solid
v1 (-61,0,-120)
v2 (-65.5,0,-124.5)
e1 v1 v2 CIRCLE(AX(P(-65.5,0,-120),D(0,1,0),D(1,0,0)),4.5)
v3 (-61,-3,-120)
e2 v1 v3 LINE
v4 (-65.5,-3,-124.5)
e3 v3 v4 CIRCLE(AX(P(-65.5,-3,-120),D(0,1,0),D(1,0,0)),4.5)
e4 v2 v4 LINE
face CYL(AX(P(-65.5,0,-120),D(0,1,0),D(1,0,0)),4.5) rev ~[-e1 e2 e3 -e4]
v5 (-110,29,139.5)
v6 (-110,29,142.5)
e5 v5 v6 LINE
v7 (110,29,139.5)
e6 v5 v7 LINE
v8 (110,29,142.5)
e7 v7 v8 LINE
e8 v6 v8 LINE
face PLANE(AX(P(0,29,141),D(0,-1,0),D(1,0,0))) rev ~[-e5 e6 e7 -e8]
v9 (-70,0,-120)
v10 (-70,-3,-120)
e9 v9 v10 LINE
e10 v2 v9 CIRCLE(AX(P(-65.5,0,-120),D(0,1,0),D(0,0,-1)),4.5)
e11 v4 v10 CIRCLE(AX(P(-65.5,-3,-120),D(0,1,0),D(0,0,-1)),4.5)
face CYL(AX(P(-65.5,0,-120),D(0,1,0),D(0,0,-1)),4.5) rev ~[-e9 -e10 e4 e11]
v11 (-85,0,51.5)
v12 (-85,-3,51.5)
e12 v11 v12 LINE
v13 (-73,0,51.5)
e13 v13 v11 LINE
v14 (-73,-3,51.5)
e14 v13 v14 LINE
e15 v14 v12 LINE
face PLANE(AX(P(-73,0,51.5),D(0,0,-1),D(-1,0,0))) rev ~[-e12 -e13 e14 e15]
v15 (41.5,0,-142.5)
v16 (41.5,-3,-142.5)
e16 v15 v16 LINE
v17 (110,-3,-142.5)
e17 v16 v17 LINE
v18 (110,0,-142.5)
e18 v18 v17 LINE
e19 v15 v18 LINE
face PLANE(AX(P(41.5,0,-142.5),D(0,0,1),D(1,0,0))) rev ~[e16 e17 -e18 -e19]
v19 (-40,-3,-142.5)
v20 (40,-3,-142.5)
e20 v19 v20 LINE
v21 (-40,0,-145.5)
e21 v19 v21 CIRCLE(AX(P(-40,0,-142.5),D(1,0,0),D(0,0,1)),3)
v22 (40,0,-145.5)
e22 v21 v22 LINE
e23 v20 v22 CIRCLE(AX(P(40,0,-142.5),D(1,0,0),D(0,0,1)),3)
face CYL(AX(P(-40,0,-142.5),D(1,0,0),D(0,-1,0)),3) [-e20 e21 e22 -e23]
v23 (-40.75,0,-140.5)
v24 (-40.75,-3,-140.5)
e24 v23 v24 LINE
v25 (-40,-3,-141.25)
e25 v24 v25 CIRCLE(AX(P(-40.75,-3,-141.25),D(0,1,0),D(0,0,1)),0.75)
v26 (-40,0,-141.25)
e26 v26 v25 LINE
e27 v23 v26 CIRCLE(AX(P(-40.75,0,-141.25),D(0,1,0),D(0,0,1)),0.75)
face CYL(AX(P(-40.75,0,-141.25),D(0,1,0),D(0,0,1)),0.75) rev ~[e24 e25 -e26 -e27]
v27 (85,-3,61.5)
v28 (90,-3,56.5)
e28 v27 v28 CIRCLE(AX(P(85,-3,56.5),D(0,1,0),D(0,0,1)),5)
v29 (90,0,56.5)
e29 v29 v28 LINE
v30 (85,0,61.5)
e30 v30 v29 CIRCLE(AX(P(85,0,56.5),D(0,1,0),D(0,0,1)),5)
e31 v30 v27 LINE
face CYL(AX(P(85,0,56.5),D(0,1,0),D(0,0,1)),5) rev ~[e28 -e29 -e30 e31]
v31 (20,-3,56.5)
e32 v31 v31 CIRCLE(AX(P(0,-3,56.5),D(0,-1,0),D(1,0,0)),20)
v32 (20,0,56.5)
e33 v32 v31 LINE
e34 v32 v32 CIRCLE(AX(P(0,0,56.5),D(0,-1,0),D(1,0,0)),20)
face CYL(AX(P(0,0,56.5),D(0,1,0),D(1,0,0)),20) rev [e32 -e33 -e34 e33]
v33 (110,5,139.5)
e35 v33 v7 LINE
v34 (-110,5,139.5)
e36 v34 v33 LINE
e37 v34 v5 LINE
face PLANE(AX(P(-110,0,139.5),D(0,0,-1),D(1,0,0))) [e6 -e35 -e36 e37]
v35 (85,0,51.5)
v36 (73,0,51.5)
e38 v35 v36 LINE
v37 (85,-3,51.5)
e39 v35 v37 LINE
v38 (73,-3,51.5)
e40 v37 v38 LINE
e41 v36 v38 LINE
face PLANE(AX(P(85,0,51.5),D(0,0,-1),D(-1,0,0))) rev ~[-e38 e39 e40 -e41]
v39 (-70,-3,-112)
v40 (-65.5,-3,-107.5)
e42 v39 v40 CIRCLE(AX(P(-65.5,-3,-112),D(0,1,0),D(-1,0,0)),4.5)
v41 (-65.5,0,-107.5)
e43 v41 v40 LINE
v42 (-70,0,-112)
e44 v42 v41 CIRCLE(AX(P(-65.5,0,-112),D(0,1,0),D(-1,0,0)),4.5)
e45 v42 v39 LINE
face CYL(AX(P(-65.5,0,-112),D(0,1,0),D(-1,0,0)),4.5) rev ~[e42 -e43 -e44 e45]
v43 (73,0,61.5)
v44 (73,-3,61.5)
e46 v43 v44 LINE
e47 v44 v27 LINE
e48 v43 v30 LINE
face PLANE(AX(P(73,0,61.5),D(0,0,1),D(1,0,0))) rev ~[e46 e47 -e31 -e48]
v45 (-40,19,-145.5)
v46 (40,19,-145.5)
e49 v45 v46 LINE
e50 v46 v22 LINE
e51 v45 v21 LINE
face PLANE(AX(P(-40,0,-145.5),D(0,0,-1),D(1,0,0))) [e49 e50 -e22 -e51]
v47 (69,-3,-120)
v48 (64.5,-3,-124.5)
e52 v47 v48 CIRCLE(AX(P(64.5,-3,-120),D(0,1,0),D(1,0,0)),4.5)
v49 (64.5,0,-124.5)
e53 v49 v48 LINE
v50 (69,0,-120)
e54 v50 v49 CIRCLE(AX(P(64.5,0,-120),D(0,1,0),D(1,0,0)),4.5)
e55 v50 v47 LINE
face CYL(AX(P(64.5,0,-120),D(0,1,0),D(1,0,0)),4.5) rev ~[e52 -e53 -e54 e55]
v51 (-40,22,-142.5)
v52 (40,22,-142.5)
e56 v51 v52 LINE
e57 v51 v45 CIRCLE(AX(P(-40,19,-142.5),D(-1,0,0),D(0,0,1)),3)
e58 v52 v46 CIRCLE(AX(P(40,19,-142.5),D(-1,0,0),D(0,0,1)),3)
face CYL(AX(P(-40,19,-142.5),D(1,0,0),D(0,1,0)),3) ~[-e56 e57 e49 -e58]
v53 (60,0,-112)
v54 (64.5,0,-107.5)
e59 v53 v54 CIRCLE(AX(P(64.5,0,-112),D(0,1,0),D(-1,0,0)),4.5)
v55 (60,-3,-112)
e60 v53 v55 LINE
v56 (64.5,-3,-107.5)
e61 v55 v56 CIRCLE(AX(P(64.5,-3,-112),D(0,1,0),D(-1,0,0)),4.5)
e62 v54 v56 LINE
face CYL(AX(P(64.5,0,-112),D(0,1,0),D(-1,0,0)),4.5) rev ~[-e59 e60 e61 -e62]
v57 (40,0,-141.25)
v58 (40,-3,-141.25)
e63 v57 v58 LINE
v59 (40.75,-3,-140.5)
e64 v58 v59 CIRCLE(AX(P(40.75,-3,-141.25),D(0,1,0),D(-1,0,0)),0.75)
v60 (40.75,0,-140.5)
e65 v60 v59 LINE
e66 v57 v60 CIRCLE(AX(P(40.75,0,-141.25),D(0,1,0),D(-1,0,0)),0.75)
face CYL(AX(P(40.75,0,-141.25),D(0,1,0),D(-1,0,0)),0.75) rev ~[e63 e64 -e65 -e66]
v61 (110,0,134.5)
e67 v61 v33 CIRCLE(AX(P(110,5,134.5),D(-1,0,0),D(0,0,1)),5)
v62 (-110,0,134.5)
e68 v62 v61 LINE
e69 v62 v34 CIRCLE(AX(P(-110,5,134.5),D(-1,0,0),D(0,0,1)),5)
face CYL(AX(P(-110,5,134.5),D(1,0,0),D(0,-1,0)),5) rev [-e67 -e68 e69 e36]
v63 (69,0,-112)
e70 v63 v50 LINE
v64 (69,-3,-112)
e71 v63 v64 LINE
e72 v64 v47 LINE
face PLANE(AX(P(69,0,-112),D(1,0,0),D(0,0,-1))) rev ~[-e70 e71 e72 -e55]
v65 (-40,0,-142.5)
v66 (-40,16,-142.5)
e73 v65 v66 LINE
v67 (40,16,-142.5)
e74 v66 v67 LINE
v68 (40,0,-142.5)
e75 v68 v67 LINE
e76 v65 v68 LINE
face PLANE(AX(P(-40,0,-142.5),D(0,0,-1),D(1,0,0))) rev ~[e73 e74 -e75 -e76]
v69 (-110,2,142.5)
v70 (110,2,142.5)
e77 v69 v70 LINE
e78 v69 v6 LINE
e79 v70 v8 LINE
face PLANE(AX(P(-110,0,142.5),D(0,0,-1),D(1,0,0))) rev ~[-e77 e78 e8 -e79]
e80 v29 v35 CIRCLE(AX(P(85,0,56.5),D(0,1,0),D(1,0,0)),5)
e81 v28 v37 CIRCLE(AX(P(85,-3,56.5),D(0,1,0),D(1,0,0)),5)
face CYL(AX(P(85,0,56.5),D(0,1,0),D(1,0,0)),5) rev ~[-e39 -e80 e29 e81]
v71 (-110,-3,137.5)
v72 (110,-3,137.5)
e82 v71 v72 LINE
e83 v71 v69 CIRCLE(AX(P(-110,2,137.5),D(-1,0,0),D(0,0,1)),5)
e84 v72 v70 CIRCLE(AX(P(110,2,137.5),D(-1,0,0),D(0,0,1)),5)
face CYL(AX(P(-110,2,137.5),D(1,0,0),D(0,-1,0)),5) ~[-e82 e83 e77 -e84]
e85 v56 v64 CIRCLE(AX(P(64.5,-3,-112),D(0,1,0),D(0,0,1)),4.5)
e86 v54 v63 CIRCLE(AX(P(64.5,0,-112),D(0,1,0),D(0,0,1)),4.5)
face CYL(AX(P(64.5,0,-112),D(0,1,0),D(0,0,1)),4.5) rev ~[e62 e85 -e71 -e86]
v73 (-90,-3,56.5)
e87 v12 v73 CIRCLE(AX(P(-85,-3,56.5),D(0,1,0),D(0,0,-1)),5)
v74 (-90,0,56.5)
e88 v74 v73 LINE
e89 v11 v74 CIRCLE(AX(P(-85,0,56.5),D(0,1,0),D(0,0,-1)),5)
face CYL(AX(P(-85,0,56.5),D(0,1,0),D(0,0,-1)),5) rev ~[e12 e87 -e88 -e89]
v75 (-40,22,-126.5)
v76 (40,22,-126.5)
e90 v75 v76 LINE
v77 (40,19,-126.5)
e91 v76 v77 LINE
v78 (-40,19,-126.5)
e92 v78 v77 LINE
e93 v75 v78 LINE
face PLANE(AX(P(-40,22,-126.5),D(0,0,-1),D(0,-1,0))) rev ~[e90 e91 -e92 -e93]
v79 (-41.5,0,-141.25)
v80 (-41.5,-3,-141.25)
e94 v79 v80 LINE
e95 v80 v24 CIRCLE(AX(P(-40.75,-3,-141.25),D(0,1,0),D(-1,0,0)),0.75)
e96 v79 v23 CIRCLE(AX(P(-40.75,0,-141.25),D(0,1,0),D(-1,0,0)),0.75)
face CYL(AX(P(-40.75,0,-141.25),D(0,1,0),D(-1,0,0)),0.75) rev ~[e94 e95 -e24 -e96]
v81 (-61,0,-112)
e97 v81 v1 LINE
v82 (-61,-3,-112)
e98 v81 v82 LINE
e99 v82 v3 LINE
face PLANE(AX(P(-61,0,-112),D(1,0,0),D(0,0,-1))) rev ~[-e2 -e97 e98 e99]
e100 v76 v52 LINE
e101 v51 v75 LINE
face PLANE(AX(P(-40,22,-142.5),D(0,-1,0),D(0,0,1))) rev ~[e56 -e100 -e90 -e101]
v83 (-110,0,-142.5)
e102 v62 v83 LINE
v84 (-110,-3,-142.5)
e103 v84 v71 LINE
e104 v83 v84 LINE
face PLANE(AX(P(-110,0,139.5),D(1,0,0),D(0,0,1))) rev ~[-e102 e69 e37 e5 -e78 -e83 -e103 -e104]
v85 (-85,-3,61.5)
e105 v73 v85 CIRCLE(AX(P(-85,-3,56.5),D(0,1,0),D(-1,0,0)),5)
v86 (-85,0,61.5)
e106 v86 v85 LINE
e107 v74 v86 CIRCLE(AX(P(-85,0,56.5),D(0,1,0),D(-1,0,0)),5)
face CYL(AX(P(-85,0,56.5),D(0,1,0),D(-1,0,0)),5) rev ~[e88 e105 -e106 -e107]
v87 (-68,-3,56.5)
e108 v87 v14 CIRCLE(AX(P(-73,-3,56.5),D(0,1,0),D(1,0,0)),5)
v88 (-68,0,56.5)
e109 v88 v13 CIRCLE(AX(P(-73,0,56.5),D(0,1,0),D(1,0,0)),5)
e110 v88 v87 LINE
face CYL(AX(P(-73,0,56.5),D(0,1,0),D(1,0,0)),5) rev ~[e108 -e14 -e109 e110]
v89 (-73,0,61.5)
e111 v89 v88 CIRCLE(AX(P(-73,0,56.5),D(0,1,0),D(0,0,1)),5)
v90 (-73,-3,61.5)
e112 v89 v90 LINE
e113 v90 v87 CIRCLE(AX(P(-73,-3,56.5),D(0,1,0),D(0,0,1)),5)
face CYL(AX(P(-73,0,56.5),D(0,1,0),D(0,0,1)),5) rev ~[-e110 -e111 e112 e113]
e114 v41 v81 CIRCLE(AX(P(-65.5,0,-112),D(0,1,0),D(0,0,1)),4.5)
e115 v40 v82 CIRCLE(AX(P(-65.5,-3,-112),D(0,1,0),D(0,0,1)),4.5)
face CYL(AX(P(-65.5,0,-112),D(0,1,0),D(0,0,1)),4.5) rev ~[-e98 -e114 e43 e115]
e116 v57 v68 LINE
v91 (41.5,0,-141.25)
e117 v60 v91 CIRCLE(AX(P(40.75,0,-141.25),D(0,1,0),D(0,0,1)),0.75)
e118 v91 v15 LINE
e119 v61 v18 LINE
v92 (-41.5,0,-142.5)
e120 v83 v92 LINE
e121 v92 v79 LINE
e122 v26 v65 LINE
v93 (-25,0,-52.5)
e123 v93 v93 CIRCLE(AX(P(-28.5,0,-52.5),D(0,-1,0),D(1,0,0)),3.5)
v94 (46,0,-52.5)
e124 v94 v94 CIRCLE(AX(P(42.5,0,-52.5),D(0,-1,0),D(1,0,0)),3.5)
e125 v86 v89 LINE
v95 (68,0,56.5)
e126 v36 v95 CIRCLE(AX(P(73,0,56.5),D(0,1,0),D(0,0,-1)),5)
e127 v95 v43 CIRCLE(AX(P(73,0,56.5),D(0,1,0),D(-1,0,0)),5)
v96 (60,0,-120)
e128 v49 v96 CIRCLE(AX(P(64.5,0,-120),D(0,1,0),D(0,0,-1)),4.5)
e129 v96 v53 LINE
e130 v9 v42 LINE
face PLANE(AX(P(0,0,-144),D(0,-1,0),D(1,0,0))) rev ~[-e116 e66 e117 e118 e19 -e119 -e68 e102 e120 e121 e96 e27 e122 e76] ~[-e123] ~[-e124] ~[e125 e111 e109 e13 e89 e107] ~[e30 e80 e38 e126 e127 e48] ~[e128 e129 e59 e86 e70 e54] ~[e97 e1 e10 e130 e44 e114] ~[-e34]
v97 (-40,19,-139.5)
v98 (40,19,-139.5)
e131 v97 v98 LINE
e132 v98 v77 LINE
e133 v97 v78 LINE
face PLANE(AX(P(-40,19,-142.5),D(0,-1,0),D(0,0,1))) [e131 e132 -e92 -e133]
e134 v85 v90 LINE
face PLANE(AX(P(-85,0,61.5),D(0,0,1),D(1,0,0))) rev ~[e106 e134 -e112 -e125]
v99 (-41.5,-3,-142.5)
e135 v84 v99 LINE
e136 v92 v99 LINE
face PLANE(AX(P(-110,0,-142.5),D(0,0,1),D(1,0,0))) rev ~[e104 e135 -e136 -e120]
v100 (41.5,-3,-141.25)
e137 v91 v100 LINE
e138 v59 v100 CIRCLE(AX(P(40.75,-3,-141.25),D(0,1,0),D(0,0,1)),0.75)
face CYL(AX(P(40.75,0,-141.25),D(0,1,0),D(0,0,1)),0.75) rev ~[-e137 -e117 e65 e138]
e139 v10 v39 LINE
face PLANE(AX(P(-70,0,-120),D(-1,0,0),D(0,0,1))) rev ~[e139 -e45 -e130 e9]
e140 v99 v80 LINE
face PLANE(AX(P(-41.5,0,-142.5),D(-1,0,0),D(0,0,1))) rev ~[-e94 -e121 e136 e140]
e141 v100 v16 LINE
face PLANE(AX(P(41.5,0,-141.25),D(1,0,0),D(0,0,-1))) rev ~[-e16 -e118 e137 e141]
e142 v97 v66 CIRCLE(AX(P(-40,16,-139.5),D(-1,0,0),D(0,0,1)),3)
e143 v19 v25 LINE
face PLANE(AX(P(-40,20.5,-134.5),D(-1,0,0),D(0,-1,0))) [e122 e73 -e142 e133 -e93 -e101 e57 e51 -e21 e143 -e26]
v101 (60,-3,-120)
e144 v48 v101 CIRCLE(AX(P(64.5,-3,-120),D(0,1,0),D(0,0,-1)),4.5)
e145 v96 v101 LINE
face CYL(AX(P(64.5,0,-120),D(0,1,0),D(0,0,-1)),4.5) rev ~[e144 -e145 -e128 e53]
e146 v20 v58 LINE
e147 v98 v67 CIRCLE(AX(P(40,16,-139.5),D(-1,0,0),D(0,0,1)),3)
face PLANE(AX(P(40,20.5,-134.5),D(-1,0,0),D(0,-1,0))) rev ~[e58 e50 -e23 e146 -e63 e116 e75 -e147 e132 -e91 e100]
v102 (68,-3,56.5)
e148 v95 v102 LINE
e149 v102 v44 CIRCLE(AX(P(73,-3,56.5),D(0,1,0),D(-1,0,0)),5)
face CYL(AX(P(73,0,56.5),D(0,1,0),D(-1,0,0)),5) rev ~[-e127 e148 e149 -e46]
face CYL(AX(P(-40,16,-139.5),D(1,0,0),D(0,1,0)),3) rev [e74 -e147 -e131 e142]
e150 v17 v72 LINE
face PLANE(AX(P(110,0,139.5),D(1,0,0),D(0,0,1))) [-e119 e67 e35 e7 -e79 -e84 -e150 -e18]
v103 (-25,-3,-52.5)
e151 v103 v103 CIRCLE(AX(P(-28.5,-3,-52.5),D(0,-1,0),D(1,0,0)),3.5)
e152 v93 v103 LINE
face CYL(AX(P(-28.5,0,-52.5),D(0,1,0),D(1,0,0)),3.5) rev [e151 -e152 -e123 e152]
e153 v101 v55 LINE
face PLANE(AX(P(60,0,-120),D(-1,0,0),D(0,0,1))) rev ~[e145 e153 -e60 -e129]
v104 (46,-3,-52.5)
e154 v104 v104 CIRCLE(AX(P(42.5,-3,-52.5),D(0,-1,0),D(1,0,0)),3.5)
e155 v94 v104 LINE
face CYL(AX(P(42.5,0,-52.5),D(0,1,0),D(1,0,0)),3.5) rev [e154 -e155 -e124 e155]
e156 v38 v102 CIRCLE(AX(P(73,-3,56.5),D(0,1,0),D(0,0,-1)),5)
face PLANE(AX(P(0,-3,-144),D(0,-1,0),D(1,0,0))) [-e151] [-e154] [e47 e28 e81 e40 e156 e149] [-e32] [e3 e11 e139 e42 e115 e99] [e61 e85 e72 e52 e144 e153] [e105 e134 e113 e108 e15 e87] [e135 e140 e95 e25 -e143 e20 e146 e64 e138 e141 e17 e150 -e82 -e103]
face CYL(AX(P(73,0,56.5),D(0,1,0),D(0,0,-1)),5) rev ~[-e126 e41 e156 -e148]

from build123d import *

# Parameters (mm, degrees)
F0_R          = 3.5
F0_R_2        = 20
F1_DEPTH      = 3
F0_W          = 220
F0_H          = 3
F2_DEPTH      = 3
F2_DEPTH_BACK = 29
F3_R          = 5
F0_W_2        = 80
F4_DEPTH      = 3
F4_DEPTH_BACK = 22
F5_R          = 3
F6_W          = 3
F6_H          = 16
F7_DEPTH      = 80
F8_R          = 3


with BuildPart() as f1:
    # F0 (on Front) → F1 (new body)
    with BuildSketch(Plane.XZ):
        with BuildLine():
            Line((41.5, -142.5), (110, -142.5))
            Line((110, -142.5), (110, 139.5))
            Line((110, 139.5), (-110, 139.5))
            Line((-110, 139.5), (-110, -142.5))
            Line((-110, -142.5), (-41.5, -142.5))
            Line((-41.5, -142.5), (-41.5, -141.25))
            ThreePointArc((-41.5, -141.25), (-41.2803300859, -140.7196699141), (-40.75, -140.5))
            ThreePointArc((-40.75, -140.5), (-40.2196699141, -140.7196699141), (-40, -141.25))
            Line((-40, -141.25), (-40, -142.5))
            Line((-40, -142.5), (40, -142.5))
            Line((40, -142.5), (40, -141.25))
            ThreePointArc((40, -141.25), (40.2196699141, -140.7196699141), (40.75, -140.5))
            ThreePointArc((40.75, -140.5), (41.2803300859, -140.7196699141), (41.5, -141.25))
            Line((41.5, -141.25), (41.5, -142.5))
        make_face()
        with BuildLine():
            ThreePointArc((-65.5, -124.5), (-68.6819805153, -123.1819805153), (-70, -120))
            Line((-70, -120), (-70, -112))
            ThreePointArc((-70, -112), (-68.6819805153, -108.8180194847), (-65.5, -107.5))
            ThreePointArc((-65.5, -107.5), (-62.3180194847, -108.8180194847), (-61, -112))
            Line((-61, -112), (-61, -120))
            ThreePointArc((-61, -120), (-62.3180194847, -123.1819805153), (-65.5, -124.5))
        make_face(mode=Mode.SUBTRACT)
        with Locations((-28.5, -52.5)):
            Circle(F0_R, mode=Mode.SUBTRACT)
        with BuildLine():
            ThreePointArc((64.5, -107.5), (67.6819805153, -108.8180194847), (69, -112))
            Line((69, -112), (69, -120))
            ThreePointArc((69, -120), (67.6819805153, -123.1819805153), (64.5, -124.5))
            ThreePointArc((64.5, -124.5), (61.3180194847, -123.1819805153), (60, -120))
            Line((60, -120), (60, -112))
            ThreePointArc((60, -112), (61.3180194847, -108.8180194847), (64.5, -107.5))
        make_face(mode=Mode.SUBTRACT)
        with Locations((42.5, -52.5)):
            Circle(F0_R, mode=Mode.SUBTRACT)
        with BuildLine():
            ThreePointArc((-90, 56.5), (-88.5355339059, 60.0355339059), (-85, 61.5))
            Line((-85, 61.5), (-73, 61.5))
            ThreePointArc((-73, 61.5), (-69.4644660941, 60.0355339059), (-68, 56.5))
            ThreePointArc((-68, 56.5), (-69.4644660941, 52.9644660941), (-73, 51.5))
            Line((-73, 51.5), (-85, 51.5))
            ThreePointArc((-85, 51.5), (-88.5355339059, 52.9644660941), (-90, 56.5))
        make_face(mode=Mode.SUBTRACT)
        with Locations((0, 56.5)):
            Circle(F0_R_2, mode=Mode.SUBTRACT)
        with BuildLine():
            Line((73, 61.5), (85, 61.5))
            ThreePointArc((85, 61.5), (88.5355339059, 60.0355339059), (90, 56.5))
            ThreePointArc((90, 56.5), (88.5355339059, 52.9644660941), (85, 51.5))
            Line((85, 51.5), (73, 51.5))
            ThreePointArc((73, 51.5), (69.4644660941, 52.9644660941), (68, 56.5))
            ThreePointArc((68, 56.5), (69.4644660941, 60.0355339059), (73, 61.5))
        make_face(mode=Mode.SUBTRACT)
    extrude(amount=F1_DEPTH)

    # F0 (on Front) → F2 (join, two sides)
    with BuildSketch(Plane.XZ) as f2_sk:
        with Locations((0, 141)):
            Rectangle(F0_W, F0_H)
    extrude(amount=F2_DEPTH)
    extrude(f2_sk.sketch, amount=-F2_DEPTH_BACK)

    # F3
    f3_edges = [f1.edges().sort_by_distance(p)[0] for p in [
        (0, -3, 142.5),
        (0, 0, 139.5),
    ]]
    fillet(f3_edges, radius=F3_R)

    # F0 (on Front) → F4 (join, two sides)
    with BuildSketch(Plane.XZ) as f4_sk:
        with Locations((0, -144)):
            Rectangle(F0_W_2, F0_H)
    extrude(amount=F4_DEPTH)
    extrude(f4_sk.sketch, amount=-F4_DEPTH_BACK)

    # F5
    f5_edges = [f1.edges().sort_by_distance(p)[0] for p in [
        (0, -3, -145.5),
    ]]
    fillet(f5_edges, radius=F5_R)

    # F6 (on face) → F7 (join)
    with BuildSketch(Plane(origin=(-40, 0, 0), x_dir=(0, -1, 0), z_dir=(-1, 0, 0))):
        with Locations((-20.5, -134.5)):
            Rectangle(F6_W, F6_H)
    extrude(amount=-F7_DEPTH)

    # F8
    f8_edges = [f1.edges().sort_by_distance(p)[0] for p in [
        (0, 22, -145.5),
        (0, 19, -142.5),
    ]]
    fillet(f8_edges, radius=F8_R)


solid = f1.part
